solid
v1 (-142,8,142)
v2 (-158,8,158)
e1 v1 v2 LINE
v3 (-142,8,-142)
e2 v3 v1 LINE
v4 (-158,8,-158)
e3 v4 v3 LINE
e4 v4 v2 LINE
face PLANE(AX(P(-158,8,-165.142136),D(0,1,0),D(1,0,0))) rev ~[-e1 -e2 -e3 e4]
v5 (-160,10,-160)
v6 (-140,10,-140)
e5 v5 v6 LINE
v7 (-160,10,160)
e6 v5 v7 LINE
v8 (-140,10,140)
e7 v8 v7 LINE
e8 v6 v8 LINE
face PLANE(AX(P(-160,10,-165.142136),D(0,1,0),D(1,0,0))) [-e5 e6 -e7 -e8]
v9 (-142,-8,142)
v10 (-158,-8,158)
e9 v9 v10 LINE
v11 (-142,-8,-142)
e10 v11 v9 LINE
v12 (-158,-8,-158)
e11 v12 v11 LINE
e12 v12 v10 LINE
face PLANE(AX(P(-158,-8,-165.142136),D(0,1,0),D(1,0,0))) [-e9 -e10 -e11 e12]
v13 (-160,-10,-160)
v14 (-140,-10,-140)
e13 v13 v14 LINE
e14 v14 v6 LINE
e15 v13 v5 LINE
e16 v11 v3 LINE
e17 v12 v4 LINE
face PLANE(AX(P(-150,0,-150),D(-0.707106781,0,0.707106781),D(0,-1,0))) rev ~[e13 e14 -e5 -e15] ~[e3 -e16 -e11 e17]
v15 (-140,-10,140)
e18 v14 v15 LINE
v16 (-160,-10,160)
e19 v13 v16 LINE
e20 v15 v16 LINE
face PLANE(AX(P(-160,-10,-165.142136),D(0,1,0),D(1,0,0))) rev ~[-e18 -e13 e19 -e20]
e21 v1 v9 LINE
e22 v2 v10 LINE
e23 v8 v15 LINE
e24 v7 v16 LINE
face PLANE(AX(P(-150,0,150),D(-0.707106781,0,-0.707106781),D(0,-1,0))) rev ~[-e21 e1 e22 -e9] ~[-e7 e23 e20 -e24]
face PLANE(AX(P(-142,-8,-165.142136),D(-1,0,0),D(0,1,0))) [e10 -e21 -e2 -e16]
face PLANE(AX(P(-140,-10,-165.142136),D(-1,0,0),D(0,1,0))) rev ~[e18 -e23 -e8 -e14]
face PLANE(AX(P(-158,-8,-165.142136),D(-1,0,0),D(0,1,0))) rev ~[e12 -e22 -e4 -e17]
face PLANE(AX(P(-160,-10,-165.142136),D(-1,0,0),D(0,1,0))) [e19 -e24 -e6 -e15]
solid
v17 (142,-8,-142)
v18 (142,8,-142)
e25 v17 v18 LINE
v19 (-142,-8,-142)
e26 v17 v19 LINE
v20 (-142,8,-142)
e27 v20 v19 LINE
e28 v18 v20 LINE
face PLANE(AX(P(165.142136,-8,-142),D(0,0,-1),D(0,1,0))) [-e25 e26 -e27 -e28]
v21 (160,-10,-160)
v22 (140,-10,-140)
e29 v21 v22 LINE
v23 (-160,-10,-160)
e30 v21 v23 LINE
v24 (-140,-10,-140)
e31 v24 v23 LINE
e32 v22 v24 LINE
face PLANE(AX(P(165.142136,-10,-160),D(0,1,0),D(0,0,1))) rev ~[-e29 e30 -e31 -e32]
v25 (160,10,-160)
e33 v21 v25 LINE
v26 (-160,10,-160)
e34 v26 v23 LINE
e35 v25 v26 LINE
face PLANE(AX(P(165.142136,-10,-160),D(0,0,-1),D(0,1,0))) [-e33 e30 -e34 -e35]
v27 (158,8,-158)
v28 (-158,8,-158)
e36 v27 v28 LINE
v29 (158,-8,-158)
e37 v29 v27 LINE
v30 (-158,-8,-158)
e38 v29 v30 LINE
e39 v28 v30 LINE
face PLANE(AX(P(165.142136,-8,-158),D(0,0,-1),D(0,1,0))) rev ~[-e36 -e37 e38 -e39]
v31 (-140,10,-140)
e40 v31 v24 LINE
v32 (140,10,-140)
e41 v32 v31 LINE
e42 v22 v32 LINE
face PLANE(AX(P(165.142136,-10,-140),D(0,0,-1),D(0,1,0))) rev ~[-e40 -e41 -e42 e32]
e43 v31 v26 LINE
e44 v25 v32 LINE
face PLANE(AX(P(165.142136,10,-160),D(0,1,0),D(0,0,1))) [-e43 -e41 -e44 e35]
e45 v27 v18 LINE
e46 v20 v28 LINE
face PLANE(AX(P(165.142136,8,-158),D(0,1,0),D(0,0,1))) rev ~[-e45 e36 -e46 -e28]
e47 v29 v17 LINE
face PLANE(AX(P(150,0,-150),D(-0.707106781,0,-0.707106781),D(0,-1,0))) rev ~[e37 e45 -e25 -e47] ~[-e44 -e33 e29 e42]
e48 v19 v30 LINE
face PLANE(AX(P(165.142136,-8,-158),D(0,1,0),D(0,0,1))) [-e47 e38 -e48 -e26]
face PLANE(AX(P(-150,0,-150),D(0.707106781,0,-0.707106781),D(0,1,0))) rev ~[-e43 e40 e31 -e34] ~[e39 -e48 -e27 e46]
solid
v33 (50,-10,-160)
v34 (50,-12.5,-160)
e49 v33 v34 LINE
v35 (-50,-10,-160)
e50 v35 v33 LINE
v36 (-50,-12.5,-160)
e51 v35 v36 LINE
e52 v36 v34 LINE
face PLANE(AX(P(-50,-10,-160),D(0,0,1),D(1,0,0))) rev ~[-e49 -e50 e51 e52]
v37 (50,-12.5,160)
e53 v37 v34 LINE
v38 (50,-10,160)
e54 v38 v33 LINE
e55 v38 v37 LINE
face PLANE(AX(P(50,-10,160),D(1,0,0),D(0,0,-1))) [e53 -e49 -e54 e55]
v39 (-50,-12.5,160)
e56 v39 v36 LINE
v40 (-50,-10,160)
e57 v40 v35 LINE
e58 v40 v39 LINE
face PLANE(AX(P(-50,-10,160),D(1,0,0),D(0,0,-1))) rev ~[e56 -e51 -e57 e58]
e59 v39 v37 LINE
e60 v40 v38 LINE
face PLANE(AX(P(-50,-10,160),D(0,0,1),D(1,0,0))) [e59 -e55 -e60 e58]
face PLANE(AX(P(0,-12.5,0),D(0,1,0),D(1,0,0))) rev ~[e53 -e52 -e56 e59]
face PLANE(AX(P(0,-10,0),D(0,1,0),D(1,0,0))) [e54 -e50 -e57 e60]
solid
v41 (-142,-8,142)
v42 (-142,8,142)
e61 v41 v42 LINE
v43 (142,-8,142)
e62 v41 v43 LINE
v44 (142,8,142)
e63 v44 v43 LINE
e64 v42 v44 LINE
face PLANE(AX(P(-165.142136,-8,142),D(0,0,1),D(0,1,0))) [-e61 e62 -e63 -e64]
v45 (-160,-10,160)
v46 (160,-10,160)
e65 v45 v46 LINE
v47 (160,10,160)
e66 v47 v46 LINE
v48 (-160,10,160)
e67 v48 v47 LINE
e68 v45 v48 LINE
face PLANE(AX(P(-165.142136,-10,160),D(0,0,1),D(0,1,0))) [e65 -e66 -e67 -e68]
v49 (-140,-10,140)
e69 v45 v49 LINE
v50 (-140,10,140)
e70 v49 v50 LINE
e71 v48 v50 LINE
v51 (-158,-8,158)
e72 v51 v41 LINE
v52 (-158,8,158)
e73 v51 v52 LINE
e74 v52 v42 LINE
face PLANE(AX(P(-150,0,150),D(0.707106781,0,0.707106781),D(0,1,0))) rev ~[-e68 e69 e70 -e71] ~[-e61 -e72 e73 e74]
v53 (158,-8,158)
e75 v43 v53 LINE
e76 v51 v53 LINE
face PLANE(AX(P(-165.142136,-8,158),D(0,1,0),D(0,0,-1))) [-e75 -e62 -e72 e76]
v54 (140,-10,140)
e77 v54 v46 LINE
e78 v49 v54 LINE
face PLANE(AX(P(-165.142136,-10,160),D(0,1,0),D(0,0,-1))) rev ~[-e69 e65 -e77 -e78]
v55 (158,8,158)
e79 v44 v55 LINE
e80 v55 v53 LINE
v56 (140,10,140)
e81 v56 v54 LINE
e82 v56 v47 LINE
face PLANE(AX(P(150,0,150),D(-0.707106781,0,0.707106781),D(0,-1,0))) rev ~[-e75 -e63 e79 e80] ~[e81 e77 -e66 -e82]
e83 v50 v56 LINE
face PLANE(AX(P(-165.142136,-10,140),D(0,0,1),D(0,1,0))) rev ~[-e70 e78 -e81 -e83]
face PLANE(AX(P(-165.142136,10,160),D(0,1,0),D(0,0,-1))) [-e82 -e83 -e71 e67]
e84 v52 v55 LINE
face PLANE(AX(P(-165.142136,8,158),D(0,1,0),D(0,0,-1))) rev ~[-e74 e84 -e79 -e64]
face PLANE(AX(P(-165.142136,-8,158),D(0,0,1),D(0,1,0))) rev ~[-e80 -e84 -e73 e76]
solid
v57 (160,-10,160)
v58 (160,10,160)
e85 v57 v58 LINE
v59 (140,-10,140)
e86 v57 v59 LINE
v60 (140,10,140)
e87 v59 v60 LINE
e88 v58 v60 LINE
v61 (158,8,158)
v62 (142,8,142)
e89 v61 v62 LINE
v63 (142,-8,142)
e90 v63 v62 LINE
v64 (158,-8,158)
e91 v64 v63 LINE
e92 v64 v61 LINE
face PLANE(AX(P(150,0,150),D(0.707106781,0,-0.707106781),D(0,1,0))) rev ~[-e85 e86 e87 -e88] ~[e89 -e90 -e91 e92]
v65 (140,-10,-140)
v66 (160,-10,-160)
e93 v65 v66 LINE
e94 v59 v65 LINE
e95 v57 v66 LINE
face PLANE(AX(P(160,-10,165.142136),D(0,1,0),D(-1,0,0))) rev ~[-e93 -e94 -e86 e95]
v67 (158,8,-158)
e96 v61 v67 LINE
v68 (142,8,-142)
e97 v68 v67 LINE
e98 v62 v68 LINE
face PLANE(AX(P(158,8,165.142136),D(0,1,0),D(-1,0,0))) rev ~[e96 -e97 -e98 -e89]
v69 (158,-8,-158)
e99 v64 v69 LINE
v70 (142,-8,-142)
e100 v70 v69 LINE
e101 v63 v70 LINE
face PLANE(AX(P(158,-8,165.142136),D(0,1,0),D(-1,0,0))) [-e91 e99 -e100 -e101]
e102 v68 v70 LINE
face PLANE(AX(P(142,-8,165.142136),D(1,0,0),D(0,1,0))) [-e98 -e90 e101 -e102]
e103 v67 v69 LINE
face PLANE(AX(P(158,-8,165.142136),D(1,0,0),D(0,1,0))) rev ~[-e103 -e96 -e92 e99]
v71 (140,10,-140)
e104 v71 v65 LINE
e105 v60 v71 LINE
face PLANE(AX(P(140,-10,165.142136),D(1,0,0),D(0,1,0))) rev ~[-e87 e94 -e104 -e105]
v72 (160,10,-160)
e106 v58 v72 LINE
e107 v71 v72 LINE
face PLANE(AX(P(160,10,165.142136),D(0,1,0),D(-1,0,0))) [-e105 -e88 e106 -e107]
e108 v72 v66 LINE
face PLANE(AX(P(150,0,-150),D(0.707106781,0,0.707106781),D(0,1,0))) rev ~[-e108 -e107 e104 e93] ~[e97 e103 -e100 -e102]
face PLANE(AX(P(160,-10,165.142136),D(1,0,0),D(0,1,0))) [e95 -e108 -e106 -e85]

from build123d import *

# Parameters (mm, degrees)
TUBO_CUADRADO_20_X_20_X_2_2_DEPTH      = 315.142135624
TUBO_CUADRADO_20_X_20_X_2_2_DEPTH_BACK = 15.142135624
SKETCH1_W                              = 20
SKETCH1_H                              = 20
SKETCH1_W_2                            = 16
SKETCH1_H_2                            = 16
SKETCH1_ON_SEGMENT_2_W                 = 20
SKETCH1_ON_SEGMENT_2_H                 = 20
SKETCH1_ON_SEGMENT_2_W_2               = 16
SKETCH1_ON_SEGMENT_2_H_2               = 16
TUBO_CUADRADO_20_X_20_X_2_2_2_DEPTH    = 330.284271247
SKETCH1_ON_SEGMENT_3_W                 = 20
SKETCH1_ON_SEGMENT_3_H                 = 20
SKETCH1_ON_SEGMENT_3_W_2               = 16
SKETCH1_ON_SEGMENT_3_H_2               = 16
TUBO_CUADRADO_20_X_20_X_2_2_3_DEPTH    = 330.284271247
SKETCH1_ON_SEGMENT_4_W                 = 20
SKETCH1_ON_SEGMENT_4_H                 = 20
SKETCH1_ON_SEGMENT_4_W_2               = 16
SKETCH1_ON_SEGMENT_4_H_2               = 16
TUBO_CUADRADO_20_X_20_X_2_2_4_DEPTH    = 330.284271247
CROQUIS3_W                             = 100
CROQUIS3_H                             = 320
SALIENTE_EXTRUIR1_DEPTH                = 2.5


with BuildPart() as part:
    # Sketch1 → Tubo cuadrado 20 X 20 X 2(2) (new, two sides: drawn at the far end of the back side and taken through both)
    with BuildSketch(Plane(origin=(-150, 0, -150), x_dir=(1, 0, 0), z_dir=(0, 0, 1)).offset(-TUBO_CUADRADO_20_X_20_X_2_2_DEPTH_BACK)):
        Rectangle(SKETCH1_W, SKETCH1_H)
        Rectangle(SKETCH1_W_2, SKETCH1_H_2, mode=Mode.SUBTRACT)
    extrude(amount=TUBO_CUADRADO_20_X_20_X_2_2_DEPTH + TUBO_CUADRADO_20_X_20_X_2_2_DEPTH_BACK)

    # Tubo cuadrado 20 X 20 X 2(2) mitre 1
    split(bisect_by=Plane(origin=(-150, 0, -150), x_dir=(0, -1, 0), z_dir=(-0.707106781, 0, 0.707106781)), keep=Keep.TOP)

    # Tubo cuadrado 20 X 20 X 2(2) mitre 2
    split(bisect_by=Plane(origin=(-150, 0, 150), x_dir=(0, -1, 0), z_dir=(-0.707106781, 0, -0.707106781)), keep=Keep.TOP)


with BuildPart() as body_2:
    # Sketch1 on segment 2 (carried to segment 2) → Tubo cuadrado 20 X 20 X 2_2 2 (new body)
    with BuildSketch(Plane(origin=(-165.142135624, 0, 150), x_dir=(0, 0, -1), z_dir=(1, 0, 0))):
        Rectangle(SKETCH1_ON_SEGMENT_2_W, SKETCH1_ON_SEGMENT_2_H)
        Rectangle(SKETCH1_ON_SEGMENT_2_W_2, SKETCH1_ON_SEGMENT_2_H_2, mode=Mode.SUBTRACT)
    extrude(amount=TUBO_CUADRADO_20_X_20_X_2_2_2_DEPTH)

    # Tubo cuadrado 20 X 20 X 2_2 2 mitre 1
    split(bisect_by=Plane(origin=(-150, 0, 150), x_dir=(0, 1, 0), z_dir=(0.707106781, 0, 0.707106781)), keep=Keep.TOP)

    # Tubo cuadrado 20 X 20 X 2_2 2 mitre 2
    split(bisect_by=Plane(origin=(150, 0, 150), x_dir=(0, -1, 0), z_dir=(-0.707106781, 0, 0.707106781)), keep=Keep.TOP)


with BuildPart() as body_3:
    # Sketch1 on segment 3 (carried to segment 3) → Tubo cuadrado 20 X 20 X 2_2 3 (new body)
    with BuildSketch(Plane(origin=(150, 0, 165.142135624), x_dir=(-1, 0, 0), z_dir=(0, 0, -1))):
        Rectangle(SKETCH1_ON_SEGMENT_3_W, SKETCH1_ON_SEGMENT_3_H)
        Rectangle(SKETCH1_ON_SEGMENT_3_W_2, SKETCH1_ON_SEGMENT_3_H_2, mode=Mode.SUBTRACT)
    extrude(amount=TUBO_CUADRADO_20_X_20_X_2_2_3_DEPTH)

    # Tubo cuadrado 20 X 20 X 2_2 3 mitre 1
    split(bisect_by=Plane(origin=(150, 0, -150), x_dir=(0, 1, 0), z_dir=(0.707106781, 0, 0.707106781)), keep=Keep.TOP)

    # Tubo cuadrado 20 X 20 X 2_2 3 mitre 2
    split(bisect_by=Plane(origin=(150, 0, 150), x_dir=(0, 1, 0), z_dir=(0.707106781, 0, -0.707106781)), keep=Keep.TOP)


with BuildPart() as body_4:
    # Sketch1 on segment 4 (carried to segment 4) → Tubo cuadrado 20 X 20 X 2_2 4 (new body)
    with BuildSketch(Plane(origin=(165.142135624, 0, -150), x_dir=(0, 0, 1), z_dir=(-1, 0, 0))):
        Rectangle(SKETCH1_ON_SEGMENT_4_W, SKETCH1_ON_SEGMENT_4_H)
        Rectangle(SKETCH1_ON_SEGMENT_4_W_2, SKETCH1_ON_SEGMENT_4_H_2, mode=Mode.SUBTRACT)
    extrude(amount=TUBO_CUADRADO_20_X_20_X_2_2_4_DEPTH)

    # Tubo cuadrado 20 X 20 X 2_2 4 mitre 1
    split(bisect_by=Plane(origin=(-150, 0, -150), x_dir=(0, 1, 0), z_dir=(0.707106781, 0, -0.707106781)), keep=Keep.TOP)

    # Tubo cuadrado 20 X 20 X 2_2 4 mitre 2
    split(bisect_by=Plane(origin=(150, 0, -150), x_dir=(0, -1, 0), z_dir=(-0.707106781, 0, -0.707106781)), keep=Keep.TOP)


with BuildPart() as body_5:
    # Croquis3 → Saliente-Extruir1 (new body)
    with BuildSketch(Plane(origin=(0, -10, 0), x_dir=(1, 0, 0), z_dir=(0, 1, 0))):
        Rectangle(CROQUIS3_W, CROQUIS3_H)
    extrude(amount=-SALIENTE_EXTRUIR1_DEPTH)


solid = Compound([part.part, body_2.part, body_3.part, body_4.part, body_5.part])
